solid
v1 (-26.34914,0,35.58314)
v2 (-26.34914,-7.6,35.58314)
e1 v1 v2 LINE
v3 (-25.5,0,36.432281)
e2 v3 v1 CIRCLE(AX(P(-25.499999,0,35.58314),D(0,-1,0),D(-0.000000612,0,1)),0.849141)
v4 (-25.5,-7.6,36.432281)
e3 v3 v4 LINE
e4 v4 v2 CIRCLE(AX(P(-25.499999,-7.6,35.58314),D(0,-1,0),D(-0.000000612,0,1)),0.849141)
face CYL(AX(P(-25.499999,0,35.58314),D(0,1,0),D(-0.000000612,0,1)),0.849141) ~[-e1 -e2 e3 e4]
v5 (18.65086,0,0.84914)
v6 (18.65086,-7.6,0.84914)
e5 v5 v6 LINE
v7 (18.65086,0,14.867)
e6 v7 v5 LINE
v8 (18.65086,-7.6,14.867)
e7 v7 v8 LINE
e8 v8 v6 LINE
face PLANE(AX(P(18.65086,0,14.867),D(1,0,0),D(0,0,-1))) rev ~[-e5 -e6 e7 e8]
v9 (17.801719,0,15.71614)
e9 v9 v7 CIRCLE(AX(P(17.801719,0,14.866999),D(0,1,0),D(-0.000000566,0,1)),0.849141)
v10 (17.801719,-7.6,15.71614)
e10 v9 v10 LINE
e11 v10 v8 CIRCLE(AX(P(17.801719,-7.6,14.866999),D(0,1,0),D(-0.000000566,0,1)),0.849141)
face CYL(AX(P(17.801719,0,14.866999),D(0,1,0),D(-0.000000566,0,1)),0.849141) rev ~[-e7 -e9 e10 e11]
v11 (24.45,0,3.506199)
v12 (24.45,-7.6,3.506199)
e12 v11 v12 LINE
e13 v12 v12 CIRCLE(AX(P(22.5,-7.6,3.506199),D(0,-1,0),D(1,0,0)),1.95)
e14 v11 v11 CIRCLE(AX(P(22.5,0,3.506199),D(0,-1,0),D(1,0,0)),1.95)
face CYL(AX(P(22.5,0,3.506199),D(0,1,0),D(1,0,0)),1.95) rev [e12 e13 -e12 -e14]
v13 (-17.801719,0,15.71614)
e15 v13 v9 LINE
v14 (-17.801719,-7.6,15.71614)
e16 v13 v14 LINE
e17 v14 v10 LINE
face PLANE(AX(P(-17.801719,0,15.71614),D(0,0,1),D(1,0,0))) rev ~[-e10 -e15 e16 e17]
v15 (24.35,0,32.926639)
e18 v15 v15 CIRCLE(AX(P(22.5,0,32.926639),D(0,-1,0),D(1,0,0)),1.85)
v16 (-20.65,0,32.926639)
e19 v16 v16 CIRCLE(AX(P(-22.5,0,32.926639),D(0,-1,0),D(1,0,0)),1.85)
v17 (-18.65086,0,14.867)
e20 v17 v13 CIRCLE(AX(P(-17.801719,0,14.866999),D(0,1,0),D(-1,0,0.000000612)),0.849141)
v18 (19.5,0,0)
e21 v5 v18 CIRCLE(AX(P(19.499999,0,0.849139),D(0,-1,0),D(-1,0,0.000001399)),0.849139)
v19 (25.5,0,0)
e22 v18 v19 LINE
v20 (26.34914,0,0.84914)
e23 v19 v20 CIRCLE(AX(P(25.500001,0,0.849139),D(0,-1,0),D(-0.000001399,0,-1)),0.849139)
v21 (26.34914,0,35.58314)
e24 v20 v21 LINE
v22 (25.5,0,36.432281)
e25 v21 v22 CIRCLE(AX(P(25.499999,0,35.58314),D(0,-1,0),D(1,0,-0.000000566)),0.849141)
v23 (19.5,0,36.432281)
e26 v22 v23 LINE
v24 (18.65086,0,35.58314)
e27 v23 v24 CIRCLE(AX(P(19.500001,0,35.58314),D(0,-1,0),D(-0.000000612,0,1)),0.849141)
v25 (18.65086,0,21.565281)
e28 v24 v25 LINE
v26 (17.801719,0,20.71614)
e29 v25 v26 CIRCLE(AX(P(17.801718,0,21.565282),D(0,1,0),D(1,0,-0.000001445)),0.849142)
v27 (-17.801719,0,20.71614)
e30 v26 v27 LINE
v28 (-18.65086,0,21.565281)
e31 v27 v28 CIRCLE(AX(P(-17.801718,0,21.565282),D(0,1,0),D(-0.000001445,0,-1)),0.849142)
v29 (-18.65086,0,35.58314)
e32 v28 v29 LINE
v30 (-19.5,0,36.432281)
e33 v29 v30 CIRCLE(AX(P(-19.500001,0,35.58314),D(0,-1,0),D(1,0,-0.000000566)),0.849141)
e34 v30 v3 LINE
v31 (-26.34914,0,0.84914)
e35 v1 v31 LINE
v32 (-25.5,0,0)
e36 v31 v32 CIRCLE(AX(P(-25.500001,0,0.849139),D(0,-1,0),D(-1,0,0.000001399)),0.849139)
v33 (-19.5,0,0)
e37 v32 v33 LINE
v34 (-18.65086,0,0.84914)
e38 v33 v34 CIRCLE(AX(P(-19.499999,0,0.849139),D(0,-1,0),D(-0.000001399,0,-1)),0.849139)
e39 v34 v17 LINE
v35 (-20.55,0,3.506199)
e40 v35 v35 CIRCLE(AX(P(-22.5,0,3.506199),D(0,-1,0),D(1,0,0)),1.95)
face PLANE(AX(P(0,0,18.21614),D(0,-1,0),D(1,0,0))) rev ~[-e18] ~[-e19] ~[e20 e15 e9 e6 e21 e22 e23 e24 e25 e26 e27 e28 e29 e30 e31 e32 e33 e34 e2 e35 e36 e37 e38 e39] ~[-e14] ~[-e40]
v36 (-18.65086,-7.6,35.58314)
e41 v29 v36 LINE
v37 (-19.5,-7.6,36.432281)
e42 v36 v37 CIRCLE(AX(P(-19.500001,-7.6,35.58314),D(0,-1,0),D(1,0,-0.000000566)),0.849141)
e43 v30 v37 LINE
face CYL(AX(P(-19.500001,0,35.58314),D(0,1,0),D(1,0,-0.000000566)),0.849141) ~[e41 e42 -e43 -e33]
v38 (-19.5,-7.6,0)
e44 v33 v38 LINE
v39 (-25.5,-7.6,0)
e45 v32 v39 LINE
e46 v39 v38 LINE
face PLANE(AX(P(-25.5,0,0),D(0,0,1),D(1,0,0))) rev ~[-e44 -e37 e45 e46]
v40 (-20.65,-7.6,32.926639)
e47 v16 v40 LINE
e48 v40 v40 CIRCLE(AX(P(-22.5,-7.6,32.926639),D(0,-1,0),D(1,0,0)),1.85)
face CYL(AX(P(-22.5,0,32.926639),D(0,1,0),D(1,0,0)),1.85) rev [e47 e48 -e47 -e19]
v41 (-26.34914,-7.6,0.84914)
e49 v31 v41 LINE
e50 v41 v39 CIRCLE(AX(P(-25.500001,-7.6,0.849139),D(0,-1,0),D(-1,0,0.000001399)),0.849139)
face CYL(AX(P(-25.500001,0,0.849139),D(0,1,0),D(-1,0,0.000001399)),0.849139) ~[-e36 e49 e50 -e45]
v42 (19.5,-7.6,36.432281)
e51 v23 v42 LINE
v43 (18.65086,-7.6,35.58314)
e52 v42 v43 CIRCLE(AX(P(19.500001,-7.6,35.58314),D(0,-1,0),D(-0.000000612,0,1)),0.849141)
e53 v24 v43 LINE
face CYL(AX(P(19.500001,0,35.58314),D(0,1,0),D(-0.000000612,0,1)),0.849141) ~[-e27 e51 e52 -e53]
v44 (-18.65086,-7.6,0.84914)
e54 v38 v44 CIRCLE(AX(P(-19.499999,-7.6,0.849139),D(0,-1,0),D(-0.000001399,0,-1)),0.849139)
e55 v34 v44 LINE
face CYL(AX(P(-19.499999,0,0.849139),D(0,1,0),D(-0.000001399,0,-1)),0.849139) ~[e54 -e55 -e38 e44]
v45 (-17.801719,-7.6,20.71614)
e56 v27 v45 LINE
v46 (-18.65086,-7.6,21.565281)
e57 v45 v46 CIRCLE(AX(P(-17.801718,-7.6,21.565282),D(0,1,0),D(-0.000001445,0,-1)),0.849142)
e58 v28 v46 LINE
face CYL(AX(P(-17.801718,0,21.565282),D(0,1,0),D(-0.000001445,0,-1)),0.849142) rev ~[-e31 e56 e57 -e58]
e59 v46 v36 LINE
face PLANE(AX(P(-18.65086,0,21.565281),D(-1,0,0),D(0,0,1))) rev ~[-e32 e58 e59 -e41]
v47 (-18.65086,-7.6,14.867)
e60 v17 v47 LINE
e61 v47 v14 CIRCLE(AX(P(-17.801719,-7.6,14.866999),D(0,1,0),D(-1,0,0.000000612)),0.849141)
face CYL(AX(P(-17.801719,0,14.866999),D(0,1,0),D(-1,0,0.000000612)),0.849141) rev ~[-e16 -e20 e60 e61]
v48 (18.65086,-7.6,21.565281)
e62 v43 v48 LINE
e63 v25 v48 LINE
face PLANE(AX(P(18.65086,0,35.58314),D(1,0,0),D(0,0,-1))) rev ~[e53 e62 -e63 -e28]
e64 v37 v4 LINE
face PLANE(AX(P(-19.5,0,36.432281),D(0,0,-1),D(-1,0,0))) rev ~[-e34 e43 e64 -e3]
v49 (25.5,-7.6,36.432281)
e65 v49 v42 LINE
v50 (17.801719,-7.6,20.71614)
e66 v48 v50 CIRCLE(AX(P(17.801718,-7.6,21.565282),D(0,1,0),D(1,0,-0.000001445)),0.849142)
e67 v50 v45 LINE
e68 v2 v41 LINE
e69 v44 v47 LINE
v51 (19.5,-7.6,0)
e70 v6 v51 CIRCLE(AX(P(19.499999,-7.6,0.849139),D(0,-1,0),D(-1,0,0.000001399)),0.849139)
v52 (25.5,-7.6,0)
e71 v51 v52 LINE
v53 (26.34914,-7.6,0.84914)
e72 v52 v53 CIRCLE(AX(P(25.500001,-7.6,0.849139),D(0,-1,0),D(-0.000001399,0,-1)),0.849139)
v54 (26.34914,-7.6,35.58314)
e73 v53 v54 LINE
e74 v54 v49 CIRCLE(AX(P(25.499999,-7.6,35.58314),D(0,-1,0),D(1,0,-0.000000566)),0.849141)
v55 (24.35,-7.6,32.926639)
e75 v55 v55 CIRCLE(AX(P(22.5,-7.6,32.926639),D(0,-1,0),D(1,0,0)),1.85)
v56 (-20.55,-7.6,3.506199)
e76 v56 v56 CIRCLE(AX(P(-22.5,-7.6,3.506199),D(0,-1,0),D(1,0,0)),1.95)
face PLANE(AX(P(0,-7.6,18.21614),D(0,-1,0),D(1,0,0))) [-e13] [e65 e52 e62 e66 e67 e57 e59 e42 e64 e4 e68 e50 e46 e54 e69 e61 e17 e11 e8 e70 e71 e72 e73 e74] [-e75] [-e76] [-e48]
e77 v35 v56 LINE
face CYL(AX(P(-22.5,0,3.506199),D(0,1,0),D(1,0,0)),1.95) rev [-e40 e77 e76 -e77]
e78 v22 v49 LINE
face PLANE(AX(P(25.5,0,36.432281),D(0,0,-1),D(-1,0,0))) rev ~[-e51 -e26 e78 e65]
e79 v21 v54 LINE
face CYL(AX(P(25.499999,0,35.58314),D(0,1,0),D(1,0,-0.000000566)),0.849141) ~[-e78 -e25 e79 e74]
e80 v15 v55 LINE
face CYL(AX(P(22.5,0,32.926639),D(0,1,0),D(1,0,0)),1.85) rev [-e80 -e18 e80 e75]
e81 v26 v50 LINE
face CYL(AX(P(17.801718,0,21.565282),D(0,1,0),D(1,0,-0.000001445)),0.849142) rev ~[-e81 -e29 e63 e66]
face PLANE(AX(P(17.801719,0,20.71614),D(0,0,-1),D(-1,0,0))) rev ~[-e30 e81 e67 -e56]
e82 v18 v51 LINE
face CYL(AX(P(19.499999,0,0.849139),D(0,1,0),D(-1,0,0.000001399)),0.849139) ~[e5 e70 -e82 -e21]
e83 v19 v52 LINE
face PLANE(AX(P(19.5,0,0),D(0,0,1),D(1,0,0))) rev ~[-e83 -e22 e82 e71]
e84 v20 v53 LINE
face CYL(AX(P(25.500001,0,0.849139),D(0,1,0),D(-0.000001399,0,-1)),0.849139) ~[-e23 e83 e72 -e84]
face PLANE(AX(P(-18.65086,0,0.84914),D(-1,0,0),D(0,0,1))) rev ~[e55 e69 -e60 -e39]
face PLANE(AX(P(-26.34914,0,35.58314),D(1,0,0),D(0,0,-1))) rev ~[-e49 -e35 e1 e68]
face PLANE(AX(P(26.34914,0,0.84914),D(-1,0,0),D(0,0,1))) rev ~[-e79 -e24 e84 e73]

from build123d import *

# Parameters (mm, degrees)
F0_R     = 1.95
F0_R_2   = 1.85
F1_DEPTH = 7.6


with BuildPart() as f1:
    # F0 (on Front) → F1 (new body)
    with BuildSketch(Plane.XZ):
        with BuildLine():
            Line((-26.34914, 35.58314), (-26.34914, 0.84914))
            ThreePointArc((-26.34914, 0.84914), (-26.100433, 0.248707), (-25.5, 0))
            Line((-25.5, 0), (-19.5, 0))
            ThreePointArc((-19.5, 0), (-18.899567, 0.248707), (-18.65086, 0.84914))
            Line((-18.65086, 0.84914), (-18.65086, 14.867))
            ThreePointArc((-18.65086, 14.867), (-18.402152, 15.467433), (-17.801719, 15.71614))
            Line((-17.801719, 15.71614), (17.801719, 15.71614))
            ThreePointArc((17.801719, 15.71614), (18.402152, 15.467433), (18.65086, 14.867))
            Line((18.65086, 14.867), (18.65086, 0.84914))
            ThreePointArc((18.65086, 0.84914), (18.899567, 0.248707), (19.5, 0))
            Line((19.5, 0), (25.5, 0))
            ThreePointArc((25.5, 0), (26.100433, 0.248707), (26.34914, 0.84914))
            Line((26.34914, 0.84914), (26.34914, 35.58314))
            ThreePointArc((26.34914, 35.58314), (26.100433, 36.183573), (25.5, 36.432281))
            Line((25.5, 36.432281), (19.5, 36.432281))
            ThreePointArc((19.5, 36.432281), (18.899567, 36.183573), (18.65086, 35.58314))
            Line((18.65086, 35.58314), (18.65086, 21.565281))
            ThreePointArc((18.65086, 21.565281), (18.402152, 20.964848), (17.801719, 20.71614))
            Line((17.801719, 20.71614), (-17.801719, 20.71614))
            ThreePointArc((-17.801719, 20.71614), (-18.402152, 20.964848), (-18.65086, 21.565281))
            Line((-18.65086, 21.565281), (-18.65086, 35.58314))
            ThreePointArc((-18.65086, 35.58314), (-18.899567, 36.183573), (-19.5, 36.432281))
            Line((-19.5, 36.432281), (-25.5, 36.432281))
            ThreePointArc((-25.5, 36.432281), (-26.100433, 36.183573), (-26.34914, 35.58314))
        make_face()
        with Locations((-22.5, 3.506199)):
            Circle(F0_R, mode=Mode.SUBTRACT)
        with Locations((22.5, 3.506199)):
            Circle(F0_R, mode=Mode.SUBTRACT)
        with Locations((-22.5, 32.926639)):
            Circle(F0_R_2, mode=Mode.SUBTRACT)
        with Locations((22.5, 32.926639)):
            Circle(F0_R_2, mode=Mode.SUBTRACT)
    extrude(amount=F1_DEPTH)


solid = f1.part
